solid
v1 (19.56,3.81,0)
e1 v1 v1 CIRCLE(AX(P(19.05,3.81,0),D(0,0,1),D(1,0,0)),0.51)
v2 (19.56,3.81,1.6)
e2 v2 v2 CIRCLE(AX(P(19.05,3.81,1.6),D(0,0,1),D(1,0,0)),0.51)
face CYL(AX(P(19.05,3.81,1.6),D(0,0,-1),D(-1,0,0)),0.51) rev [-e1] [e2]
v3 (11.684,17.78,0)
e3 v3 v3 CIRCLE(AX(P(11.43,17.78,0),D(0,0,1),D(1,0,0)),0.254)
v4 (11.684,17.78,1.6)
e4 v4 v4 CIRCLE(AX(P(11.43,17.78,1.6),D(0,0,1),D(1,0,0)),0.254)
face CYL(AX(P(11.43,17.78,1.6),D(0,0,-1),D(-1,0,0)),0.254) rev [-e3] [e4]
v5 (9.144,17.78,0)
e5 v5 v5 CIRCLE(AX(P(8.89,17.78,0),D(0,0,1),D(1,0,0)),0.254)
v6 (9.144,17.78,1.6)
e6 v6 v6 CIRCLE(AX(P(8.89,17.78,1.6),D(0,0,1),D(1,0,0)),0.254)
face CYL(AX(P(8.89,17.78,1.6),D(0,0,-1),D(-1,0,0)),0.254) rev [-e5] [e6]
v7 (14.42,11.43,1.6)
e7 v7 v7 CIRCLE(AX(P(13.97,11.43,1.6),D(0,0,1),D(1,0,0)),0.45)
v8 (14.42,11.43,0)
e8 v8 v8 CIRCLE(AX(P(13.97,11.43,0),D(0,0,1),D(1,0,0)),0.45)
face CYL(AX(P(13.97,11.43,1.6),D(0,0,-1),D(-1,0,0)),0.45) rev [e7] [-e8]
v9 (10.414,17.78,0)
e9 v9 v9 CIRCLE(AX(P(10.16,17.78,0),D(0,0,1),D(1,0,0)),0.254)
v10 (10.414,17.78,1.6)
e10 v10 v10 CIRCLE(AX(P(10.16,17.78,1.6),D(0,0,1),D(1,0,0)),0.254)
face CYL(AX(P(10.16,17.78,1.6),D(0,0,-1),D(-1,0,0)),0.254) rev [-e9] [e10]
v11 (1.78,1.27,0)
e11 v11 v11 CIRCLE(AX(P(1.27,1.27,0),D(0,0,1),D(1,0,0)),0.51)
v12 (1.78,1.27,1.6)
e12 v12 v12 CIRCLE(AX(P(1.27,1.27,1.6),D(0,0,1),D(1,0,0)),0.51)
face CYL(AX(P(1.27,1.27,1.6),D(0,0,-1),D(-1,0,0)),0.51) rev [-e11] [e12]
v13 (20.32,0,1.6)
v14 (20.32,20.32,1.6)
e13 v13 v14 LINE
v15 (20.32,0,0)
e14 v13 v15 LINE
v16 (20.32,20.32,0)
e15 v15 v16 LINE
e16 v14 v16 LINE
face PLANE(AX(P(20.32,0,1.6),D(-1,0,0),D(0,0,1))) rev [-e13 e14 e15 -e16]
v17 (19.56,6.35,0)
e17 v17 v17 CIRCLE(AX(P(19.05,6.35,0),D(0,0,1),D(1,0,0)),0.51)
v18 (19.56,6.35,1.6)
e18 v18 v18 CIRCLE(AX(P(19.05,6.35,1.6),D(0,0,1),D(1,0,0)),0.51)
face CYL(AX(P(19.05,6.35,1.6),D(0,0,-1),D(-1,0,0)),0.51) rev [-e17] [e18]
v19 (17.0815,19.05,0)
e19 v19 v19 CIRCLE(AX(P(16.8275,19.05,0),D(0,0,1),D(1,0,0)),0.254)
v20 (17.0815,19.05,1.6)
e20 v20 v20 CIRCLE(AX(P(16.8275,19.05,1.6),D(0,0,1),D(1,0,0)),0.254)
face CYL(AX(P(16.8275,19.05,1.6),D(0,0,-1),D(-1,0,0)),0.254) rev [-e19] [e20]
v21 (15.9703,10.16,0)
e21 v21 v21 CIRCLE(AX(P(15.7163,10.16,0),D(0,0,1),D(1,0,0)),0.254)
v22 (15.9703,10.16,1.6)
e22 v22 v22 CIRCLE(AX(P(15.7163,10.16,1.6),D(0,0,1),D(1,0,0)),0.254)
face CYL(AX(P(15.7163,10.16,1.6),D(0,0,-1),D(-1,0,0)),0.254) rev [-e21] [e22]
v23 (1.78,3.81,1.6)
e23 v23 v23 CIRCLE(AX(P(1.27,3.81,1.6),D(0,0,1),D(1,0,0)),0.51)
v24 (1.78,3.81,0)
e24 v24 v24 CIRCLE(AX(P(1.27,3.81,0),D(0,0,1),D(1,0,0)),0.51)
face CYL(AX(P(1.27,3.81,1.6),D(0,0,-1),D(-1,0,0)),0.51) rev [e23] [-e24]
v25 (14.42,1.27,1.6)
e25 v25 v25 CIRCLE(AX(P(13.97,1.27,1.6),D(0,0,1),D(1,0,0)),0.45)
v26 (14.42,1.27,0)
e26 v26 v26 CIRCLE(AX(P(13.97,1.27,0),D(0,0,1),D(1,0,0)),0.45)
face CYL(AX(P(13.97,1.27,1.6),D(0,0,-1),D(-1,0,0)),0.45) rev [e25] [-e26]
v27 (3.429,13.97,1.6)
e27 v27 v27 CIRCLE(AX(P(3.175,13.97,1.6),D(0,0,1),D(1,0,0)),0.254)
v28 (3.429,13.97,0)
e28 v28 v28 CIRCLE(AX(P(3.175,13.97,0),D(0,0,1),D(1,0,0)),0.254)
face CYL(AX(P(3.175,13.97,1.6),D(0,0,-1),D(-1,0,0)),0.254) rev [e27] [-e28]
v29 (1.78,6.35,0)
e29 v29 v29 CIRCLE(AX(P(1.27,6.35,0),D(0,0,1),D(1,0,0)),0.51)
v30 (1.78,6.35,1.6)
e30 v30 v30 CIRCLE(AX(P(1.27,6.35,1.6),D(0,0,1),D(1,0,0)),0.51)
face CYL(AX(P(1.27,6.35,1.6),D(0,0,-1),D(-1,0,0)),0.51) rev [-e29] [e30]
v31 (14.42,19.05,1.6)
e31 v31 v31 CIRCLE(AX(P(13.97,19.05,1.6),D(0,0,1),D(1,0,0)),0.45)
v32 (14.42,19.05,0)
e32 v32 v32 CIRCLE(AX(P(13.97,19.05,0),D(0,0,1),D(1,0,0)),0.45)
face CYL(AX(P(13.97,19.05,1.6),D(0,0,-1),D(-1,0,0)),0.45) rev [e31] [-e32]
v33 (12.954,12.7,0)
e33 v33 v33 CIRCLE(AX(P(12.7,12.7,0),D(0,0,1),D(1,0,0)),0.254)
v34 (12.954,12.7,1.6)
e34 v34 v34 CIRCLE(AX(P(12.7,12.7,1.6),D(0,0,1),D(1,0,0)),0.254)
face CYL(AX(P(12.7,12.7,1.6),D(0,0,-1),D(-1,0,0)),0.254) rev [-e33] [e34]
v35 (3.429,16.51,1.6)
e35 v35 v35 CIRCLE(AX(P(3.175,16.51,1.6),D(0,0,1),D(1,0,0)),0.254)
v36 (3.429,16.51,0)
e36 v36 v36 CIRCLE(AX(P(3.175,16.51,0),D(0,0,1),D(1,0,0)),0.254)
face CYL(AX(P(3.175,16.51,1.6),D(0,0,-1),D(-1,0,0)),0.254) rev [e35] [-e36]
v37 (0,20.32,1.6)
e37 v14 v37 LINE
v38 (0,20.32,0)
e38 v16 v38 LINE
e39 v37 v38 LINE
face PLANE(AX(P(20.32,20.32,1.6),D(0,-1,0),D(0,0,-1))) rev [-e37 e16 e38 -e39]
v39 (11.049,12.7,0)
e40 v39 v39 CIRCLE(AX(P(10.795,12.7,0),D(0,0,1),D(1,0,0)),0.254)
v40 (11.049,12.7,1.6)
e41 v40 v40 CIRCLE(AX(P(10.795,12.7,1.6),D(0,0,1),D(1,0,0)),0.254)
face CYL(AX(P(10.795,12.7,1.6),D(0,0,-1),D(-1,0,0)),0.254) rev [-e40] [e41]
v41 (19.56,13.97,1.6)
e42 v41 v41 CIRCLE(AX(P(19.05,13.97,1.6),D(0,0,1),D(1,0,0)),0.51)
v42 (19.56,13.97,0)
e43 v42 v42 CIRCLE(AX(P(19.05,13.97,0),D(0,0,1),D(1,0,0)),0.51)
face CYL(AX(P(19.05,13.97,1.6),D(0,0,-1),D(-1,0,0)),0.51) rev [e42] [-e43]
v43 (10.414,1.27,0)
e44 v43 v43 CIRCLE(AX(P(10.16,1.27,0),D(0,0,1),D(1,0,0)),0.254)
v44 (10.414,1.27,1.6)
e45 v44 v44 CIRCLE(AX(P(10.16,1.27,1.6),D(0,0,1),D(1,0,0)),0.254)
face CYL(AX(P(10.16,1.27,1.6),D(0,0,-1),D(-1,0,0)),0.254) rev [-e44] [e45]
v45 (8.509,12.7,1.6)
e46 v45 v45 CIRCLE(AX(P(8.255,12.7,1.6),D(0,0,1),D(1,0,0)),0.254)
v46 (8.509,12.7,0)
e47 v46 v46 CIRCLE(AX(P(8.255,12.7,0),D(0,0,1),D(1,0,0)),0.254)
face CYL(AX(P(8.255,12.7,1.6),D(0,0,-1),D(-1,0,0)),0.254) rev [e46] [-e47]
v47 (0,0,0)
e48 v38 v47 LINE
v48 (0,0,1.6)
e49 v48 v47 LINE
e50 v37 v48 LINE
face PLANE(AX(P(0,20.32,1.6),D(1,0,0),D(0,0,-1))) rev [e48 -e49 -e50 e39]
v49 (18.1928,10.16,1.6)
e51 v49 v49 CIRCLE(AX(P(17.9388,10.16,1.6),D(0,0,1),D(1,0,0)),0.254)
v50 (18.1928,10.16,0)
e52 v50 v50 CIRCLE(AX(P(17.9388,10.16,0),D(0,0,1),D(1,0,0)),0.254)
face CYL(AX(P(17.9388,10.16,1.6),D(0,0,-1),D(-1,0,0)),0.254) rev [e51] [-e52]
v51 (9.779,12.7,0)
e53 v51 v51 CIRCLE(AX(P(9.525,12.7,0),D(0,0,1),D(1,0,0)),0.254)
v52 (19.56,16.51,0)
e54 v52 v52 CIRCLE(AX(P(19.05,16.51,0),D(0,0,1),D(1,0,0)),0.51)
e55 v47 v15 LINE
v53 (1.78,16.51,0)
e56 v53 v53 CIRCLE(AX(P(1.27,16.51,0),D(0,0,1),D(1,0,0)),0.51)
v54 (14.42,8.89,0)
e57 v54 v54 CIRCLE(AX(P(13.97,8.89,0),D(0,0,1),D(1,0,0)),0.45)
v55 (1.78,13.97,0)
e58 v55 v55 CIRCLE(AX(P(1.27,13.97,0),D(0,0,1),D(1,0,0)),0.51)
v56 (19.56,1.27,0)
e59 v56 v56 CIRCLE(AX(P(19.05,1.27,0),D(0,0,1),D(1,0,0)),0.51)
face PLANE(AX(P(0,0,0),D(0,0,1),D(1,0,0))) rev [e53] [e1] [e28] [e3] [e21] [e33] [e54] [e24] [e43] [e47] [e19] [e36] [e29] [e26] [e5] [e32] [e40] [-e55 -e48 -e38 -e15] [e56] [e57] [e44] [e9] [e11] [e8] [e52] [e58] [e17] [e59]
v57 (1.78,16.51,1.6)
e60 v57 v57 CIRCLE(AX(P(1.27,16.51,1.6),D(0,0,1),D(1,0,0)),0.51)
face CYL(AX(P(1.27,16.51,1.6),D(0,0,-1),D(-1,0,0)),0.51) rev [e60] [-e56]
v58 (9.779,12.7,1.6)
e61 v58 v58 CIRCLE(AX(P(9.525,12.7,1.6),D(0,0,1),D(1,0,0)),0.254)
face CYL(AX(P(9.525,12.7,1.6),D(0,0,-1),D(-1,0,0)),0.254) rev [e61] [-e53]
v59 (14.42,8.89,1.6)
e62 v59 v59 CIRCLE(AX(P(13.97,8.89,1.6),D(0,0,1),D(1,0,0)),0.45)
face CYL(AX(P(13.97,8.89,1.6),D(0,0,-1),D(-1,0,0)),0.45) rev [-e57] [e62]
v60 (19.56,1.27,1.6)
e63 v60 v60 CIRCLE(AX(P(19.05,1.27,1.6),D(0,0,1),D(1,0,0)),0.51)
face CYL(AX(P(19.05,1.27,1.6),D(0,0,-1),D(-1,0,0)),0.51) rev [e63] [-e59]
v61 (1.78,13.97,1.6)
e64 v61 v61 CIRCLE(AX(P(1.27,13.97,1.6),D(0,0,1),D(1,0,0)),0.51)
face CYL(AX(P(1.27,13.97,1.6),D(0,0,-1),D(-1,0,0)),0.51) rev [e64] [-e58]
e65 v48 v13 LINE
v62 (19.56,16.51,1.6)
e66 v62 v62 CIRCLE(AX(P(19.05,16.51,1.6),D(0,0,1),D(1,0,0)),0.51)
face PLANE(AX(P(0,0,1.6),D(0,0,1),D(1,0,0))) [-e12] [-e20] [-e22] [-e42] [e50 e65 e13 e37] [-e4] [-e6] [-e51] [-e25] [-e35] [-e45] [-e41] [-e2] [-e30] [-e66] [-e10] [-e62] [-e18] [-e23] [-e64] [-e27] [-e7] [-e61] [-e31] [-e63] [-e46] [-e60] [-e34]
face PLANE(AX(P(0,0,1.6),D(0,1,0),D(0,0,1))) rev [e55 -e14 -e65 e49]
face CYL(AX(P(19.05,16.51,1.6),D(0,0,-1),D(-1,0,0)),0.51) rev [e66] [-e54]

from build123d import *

# Parameters (mm, degrees)
SKETCH1_W           = 20.32
SKETCH1_H           = 20.32
BOARD_OUTLINE_DEPTH = 1.6
SKETCH2_R           = 0.254
NPTH_DEPTH          = 29.78132728
SKETCH3_R           = 0.51
SKETCH3_R_2         = 0.45
PTH_DEPTH           = 29.78132728


with BuildPart() as part:
    # Sketch1 → Board_Outline (new body)
    with BuildSketch(Plane.XY):
        with Locations((10.16, 10.16)):
            Rectangle(SKETCH1_W, SKETCH1_H)
    extrude(amount=BOARD_OUTLINE_DEPTH)

    # Sketch2 → NPTH (cut, through all)
    with BuildSketch(Plane.XY):
        with Locations((9.525, 12.7)):
            Circle(SKETCH2_R)
        with Locations((11.43, 17.78)):
            Circle(SKETCH2_R)
        with Locations((10.16, 17.78)):
            Circle(SKETCH2_R)
        with Locations((10.795, 12.7)):
            Circle(SKETCH2_R)
        with Locations((3.175, 13.97)):
            Circle(SKETCH2_R)
        with Locations((8.89, 17.78)):
            Circle(SKETCH2_R)
        with Locations((15.7163, 10.16)):
            Circle(SKETCH2_R)
        with Locations((16.8275, 19.05)):
            Circle(SKETCH2_R)
        with Locations((8.255, 12.7)):
            Circle(SKETCH2_R)
        with Locations((17.9388, 10.16)):
            Circle(SKETCH2_R)
        with Locations((12.7, 12.7)):
            Circle(SKETCH2_R)
        with Locations((10.16, 1.27)):
            Circle(SKETCH2_R)
        with Locations((3.175, 16.51)):
            Circle(SKETCH2_R)
    extrude(amount=NPTH_DEPTH, mode=Mode.SUBTRACT)

    # Sketch3 → PTH (cut, through all)
    with BuildSketch(Plane.XY):
        with Locations((1.27, 1.27)):
            Circle(SKETCH3_R)
        with Locations((1.27, 3.81)):
            Circle(SKETCH3_R)
        with Locations((1.27, 6.35)):
            Circle(SKETCH3_R)
        with Locations((19.05, 16.51)):
            Circle(SKETCH3_R)
        with Locations((19.05, 13.97)):
            Circle(SKETCH3_R)
        with Locations((1.27, 16.51)):
            Circle(SKETCH3_R)
        with Locations((1.27, 13.97)):
            Circle(SKETCH3_R)
        with Locations((19.05, 1.27)):
            Circle(SKETCH3_R)
        with Locations((19.05, 3.81)):
            Circle(SKETCH3_R)
        with Locations((19.05, 6.35)):
            Circle(SKETCH3_R)
        with Locations((13.97, 8.89)):
            Circle(SKETCH3_R_2)
        with Locations((13.97, 1.27)):
            Circle(SKETCH3_R_2)
        with Locations((13.97, 11.43)):
            Circle(SKETCH3_R_2)
        with Locations((13.97, 19.05)):
            Circle(SKETCH3_R_2)
    extrude(amount=PTH_DEPTH, mode=Mode.SUBTRACT)


solid = part.part
